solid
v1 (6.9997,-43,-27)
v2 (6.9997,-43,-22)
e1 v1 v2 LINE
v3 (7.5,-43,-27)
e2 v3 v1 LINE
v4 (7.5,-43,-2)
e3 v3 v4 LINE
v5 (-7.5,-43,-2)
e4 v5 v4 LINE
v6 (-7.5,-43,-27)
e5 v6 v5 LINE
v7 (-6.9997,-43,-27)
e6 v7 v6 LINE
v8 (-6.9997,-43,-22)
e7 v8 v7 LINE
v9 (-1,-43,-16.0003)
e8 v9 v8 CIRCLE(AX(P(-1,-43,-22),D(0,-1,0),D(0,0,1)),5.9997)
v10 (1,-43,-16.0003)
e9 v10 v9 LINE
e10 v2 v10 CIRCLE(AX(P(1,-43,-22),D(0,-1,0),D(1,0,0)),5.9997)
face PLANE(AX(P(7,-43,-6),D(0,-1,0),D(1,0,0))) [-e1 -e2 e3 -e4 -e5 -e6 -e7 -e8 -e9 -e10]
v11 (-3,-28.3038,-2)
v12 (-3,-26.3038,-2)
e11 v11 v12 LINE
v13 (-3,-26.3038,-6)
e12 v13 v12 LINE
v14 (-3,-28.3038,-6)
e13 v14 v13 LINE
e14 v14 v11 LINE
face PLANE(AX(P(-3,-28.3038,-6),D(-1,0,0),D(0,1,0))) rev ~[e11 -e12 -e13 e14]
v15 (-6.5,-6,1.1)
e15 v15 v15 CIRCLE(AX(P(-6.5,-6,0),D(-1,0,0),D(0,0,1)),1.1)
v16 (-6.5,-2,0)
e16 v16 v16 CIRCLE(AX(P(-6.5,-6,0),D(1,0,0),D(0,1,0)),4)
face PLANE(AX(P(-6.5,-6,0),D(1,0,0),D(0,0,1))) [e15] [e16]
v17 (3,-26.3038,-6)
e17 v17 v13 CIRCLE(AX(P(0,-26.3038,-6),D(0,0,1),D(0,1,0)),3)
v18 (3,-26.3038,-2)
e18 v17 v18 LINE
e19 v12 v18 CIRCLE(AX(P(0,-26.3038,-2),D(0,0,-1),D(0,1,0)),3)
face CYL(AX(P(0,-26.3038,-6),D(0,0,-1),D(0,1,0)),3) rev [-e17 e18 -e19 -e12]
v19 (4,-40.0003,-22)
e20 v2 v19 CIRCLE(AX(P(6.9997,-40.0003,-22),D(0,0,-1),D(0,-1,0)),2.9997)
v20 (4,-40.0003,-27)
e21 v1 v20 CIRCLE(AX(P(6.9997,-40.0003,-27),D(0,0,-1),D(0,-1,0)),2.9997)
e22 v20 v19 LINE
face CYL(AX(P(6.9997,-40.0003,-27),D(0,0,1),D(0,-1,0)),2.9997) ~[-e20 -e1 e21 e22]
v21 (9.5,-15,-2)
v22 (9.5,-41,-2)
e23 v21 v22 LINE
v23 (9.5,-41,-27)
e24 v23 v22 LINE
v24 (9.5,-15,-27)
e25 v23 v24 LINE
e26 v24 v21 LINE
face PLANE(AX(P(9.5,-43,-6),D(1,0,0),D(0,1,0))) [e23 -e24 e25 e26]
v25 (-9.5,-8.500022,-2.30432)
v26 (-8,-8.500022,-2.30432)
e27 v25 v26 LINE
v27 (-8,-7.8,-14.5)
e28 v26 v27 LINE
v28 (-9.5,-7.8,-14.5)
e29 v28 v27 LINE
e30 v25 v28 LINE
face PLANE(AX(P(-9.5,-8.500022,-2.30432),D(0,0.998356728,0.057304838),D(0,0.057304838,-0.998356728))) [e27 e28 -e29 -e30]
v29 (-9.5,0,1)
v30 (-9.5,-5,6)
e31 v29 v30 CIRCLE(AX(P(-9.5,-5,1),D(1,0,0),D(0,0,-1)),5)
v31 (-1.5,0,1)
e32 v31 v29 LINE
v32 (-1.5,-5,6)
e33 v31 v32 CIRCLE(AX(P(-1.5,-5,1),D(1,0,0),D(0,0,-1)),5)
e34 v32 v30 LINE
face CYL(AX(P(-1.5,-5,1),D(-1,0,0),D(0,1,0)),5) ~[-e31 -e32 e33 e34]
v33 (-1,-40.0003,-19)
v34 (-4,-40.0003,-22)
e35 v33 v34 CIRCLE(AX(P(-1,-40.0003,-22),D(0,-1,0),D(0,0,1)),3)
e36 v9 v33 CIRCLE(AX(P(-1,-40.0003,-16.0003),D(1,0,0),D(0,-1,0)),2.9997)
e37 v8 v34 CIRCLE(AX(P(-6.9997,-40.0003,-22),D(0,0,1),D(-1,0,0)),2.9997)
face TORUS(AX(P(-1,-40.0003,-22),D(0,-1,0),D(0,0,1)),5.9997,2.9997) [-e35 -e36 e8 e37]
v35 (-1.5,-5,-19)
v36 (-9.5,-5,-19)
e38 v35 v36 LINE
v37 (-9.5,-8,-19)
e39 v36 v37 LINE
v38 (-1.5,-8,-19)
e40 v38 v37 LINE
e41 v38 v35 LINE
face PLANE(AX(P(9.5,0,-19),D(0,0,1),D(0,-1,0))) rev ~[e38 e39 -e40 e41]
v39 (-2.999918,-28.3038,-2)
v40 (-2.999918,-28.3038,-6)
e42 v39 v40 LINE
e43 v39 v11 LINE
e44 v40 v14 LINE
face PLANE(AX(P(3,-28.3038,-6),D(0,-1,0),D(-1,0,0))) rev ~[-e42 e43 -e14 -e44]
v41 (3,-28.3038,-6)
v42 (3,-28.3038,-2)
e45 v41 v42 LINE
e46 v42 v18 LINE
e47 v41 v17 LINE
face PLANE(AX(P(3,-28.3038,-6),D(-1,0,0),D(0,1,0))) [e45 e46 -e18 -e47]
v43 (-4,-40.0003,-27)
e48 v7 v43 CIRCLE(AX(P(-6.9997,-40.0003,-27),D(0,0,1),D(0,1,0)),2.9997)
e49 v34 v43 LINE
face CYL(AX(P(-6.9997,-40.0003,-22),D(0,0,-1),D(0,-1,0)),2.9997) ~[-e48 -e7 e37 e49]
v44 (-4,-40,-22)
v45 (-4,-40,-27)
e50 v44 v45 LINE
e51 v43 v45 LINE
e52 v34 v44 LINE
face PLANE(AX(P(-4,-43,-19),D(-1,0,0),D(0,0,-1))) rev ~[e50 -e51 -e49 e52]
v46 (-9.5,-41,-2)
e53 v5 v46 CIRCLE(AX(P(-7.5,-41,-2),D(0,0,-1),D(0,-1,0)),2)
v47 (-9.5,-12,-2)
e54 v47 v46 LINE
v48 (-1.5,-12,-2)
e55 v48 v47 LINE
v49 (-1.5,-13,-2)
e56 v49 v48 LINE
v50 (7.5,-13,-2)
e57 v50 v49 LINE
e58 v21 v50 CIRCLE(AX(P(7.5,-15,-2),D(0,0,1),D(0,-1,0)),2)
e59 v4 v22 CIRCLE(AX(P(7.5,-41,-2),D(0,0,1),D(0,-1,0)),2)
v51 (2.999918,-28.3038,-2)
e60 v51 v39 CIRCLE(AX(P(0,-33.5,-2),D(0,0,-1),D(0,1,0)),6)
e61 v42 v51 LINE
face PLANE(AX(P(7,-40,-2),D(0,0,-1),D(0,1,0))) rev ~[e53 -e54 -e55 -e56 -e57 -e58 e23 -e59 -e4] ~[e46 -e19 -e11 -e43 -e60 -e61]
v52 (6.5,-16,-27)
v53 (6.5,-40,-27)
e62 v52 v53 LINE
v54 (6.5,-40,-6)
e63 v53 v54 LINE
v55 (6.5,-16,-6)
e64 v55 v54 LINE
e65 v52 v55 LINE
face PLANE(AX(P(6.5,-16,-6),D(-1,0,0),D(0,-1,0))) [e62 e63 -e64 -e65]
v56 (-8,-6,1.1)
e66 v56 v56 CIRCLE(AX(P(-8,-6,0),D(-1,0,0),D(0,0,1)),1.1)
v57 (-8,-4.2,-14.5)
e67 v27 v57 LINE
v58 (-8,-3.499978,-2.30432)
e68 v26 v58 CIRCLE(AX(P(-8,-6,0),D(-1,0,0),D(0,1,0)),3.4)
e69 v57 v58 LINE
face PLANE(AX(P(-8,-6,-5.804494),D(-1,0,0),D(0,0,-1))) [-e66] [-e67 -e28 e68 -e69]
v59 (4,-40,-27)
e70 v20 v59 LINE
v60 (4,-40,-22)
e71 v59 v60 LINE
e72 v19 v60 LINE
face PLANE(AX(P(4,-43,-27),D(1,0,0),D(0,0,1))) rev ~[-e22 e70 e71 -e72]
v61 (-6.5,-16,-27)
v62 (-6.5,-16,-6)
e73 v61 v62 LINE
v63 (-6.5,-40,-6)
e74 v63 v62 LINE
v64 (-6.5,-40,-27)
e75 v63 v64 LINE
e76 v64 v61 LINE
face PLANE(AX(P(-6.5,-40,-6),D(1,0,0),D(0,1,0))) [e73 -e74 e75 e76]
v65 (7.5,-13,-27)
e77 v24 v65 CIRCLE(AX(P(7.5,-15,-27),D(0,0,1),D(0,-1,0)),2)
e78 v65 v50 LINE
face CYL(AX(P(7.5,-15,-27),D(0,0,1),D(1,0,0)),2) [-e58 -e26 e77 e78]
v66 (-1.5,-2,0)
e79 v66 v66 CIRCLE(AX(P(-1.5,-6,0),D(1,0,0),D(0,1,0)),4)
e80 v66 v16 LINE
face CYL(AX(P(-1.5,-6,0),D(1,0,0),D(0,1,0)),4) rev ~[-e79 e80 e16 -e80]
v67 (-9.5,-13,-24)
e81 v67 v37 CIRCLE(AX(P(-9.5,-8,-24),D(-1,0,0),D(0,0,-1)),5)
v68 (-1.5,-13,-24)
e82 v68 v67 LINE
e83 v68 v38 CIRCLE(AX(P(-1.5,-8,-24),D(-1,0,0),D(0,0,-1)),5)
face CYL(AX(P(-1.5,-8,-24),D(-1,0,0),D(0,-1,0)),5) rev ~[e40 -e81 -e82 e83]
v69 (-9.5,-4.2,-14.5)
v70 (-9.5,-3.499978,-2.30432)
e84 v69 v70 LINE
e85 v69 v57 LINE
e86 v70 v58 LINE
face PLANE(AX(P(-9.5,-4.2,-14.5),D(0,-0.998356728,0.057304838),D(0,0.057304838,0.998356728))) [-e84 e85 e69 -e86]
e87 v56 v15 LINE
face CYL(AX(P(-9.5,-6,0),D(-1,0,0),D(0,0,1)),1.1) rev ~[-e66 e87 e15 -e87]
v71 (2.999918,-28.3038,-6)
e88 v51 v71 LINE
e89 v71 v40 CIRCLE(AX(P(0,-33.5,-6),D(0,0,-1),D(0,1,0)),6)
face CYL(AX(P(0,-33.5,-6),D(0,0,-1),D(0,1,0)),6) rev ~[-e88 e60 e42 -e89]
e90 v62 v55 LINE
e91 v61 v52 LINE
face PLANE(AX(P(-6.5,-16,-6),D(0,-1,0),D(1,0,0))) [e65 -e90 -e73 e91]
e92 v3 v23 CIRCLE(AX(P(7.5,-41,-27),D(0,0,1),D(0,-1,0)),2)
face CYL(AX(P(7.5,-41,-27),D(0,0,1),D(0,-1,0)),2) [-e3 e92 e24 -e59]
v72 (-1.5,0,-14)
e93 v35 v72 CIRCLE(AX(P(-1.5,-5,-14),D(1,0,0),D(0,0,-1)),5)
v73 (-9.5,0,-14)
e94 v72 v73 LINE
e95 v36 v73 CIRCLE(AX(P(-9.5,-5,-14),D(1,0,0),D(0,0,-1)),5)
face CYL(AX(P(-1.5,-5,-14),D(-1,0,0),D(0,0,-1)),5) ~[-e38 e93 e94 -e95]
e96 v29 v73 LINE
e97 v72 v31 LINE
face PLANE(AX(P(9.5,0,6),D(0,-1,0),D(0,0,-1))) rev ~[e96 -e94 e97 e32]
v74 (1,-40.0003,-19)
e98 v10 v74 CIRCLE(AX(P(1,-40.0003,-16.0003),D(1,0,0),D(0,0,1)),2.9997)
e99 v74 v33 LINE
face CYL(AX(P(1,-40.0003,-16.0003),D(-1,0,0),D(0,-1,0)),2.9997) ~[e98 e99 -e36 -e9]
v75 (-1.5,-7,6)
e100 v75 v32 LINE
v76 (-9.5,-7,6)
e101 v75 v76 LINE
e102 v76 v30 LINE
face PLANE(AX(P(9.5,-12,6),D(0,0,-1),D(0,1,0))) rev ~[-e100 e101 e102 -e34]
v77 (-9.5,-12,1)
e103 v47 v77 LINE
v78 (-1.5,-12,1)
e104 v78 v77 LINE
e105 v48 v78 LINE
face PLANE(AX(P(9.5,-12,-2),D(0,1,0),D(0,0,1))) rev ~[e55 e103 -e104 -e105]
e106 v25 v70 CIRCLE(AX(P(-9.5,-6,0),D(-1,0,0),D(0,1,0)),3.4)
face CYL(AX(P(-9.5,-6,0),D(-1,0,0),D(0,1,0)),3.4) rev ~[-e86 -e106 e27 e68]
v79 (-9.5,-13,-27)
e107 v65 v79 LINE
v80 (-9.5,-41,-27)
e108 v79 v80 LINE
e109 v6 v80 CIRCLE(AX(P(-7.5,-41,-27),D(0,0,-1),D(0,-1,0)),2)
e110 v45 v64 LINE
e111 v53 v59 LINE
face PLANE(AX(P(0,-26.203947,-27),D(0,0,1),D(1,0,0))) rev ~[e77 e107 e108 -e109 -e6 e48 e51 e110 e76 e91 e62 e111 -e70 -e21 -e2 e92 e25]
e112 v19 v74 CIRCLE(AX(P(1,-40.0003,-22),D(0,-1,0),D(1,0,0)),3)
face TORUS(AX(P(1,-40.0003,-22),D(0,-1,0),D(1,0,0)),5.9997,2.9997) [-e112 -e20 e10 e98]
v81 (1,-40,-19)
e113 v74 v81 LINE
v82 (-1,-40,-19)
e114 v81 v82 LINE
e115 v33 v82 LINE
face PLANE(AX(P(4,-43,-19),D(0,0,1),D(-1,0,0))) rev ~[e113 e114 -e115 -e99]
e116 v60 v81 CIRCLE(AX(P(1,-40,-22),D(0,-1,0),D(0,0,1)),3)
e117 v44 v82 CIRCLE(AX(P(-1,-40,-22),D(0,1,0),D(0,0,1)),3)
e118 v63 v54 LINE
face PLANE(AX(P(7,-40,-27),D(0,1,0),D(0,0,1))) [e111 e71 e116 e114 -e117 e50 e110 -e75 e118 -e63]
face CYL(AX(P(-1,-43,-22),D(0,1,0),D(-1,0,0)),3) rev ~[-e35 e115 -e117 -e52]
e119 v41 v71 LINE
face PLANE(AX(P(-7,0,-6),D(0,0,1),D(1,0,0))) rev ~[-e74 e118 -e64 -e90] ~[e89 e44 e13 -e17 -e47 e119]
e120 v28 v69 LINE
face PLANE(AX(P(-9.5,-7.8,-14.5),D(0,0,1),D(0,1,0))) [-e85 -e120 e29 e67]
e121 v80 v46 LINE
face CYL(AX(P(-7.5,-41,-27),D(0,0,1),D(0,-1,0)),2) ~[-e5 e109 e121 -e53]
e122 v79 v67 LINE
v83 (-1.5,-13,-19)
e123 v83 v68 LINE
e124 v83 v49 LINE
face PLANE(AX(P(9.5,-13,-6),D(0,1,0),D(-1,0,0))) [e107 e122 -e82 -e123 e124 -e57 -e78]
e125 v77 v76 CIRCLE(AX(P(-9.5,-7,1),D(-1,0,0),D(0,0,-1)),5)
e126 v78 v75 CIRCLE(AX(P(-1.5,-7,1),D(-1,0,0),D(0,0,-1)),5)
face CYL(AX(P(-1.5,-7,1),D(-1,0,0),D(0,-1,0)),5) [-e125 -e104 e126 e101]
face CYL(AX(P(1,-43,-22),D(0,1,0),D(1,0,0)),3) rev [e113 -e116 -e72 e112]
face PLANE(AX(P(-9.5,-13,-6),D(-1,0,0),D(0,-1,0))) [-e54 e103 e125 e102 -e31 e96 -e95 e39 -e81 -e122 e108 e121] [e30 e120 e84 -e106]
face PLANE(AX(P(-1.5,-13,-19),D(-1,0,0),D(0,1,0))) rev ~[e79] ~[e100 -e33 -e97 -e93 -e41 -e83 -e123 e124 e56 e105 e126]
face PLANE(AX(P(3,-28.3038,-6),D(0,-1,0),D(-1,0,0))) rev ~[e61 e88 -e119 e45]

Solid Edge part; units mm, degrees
sketch "Sketch1" plane through (0, 0, 0) normal (0, -1, 0) x (1, 0, 0)
  line L0 (-7, -6) -> (7, -6)
  line L1 (7, -6) -> (7, 6)
  line L2 (7, 6) -> (-7, 6)
  line L3 (-7, 6) -> (-7, -6)
  dimension "D1" = 12
  dimension "D2" = 14
extrude "Protrusion1" add sketch "Sketch1" along normal blind 40
sketch "Sketch2" plane through (0, -18, -6) normal (0, 0, -1) x (0, 1, 0)
  circle A0 centre (-15.5, 0) radius 6
  dimension "D1" = 12
  dimension "D2" = 6.5
extrude "Cutout1" cut sketch "Sketch2" against normal through all
sketch "Sketch3" plane through (7, -15, 0) normal (1, 0, 0) x (0, 1, 0)
  line L0 (-25, -2) -> (3, -2)
  line L1 (3, -2) -> (3, 6)
  dimension "D1" = 8
  dimension "D2" = 28
extrude "Cutout2" cut sketch "Sketch3" against normal through all material side at (7, -26, -1.95)
sketch "Sketch4" plane through (0, -18, -6) normal (0, 0, -1) x (0, 1, 0)
  line L0 (-10.3038, 3) -> (-8.3038, 3)
  arc A0 (-8.3038, 3) -> (-8.3038, -3) centre (-8.3038, 0) cw
  line L1 (-10.3038, -3) -> (-8.3038, -3)
  line L2 (-10.3038, 3) -> (-10.3038, -3)
  dimension "D1" = 6
  dimension "D2" = 2
extrude "Cutout3" cut sketch "Sketch4" against normal through all
sketch "Sketch5" plane through (7, -20, 0) normal (1, 0, 0) x (0, -1, 0)
  line L0 (20, 2) -> (23, 2)
  line L1 (23, 2) -> (23, 27)
  line L2 (23, 27) -> (20, 27)
  line L3 (20, 27) -> (20, 2)
  dimension "D1" = 3
  dimension "D2" = 25
extrude "Protrusion2" add sketch "Sketch5" against normal up to vertex (14 mm away)
sketch "Sketch6" plane through (0, -23, -6) normal (0, 0, -1) x (0, -1, 0)
  line L0 (17, 6.5) -> (-7, 6.5)
  line L1 (-7, 6.5) -> (-7, -6.5)
  line L2 (-7, -6.5) -> (17, -6.5)
  line L3 (17, -6.5) -> (17, -7)
  line L4 (17, -7) -> (20, -7)
  line L5 (20, -7) -> (20, -9.5)
  line L6 (20, -9.5) -> (-10, -9.5)
  line L7 (-10, -9.5) -> (-10, 9.5)
  line L8 (-10, 9.5) -> (20, 9.5)
  line L9 (20, 9.5) -> (20, 7)
  line L10 (20, 7) -> (17, 7)
  line L11 (17, 7) -> (17, 6.5)
  dimension "D1" = 13
  dimension "D2" = 3
  dimension "D3" = 3
  dimension "D4" = 3
  dimension "D5" = 24
extrude "Protrusion3" add sketch "Sketch6" along normal up to vertex (21 mm away) and the other way up to vertex (4 mm away)
sketch "Sketch7" plane through (0, -43, -14.5) normal (0, -1, 0) x (-1, 0, 0)
  line L0 (-4, 4.5) -> (4, 4.5)
  line L1 (4, 4.5) -> (4, 12.5)
  line L2 (4, 12.5) -> (-4, 12.5)
  line L3 (-4, 12.5) -> (-4, 4.5)
  dimension "D1" = 8
  dimension "D2" = 8
extrude "Cutout4" cut sketch "Sketch7" against normal up to next
fillet "Verrundung_9" radius 3 2 edges at (4, -41.5, -19) (-4, -41.5, -19)
fillet "Verrundung_10" radius 3 5 edges at (0, -43, -19) (-3.1213, -43, -19.8787) (-4, -43, -24.5) (3.1213, -43, -19.8787) (4, -43, -24.5)
sketch "Sketch8" plane through (9.5, -28, -14.5) normal (1, 0, 0) x (0, 1, 0)
  line L0 (15, 12.5) -> (16, 12.5)
  line L1 (16, 12.5) -> (16, 20.5)
  line L2 (16, 20.5) -> (28, 20.5)
  line L3 (28, 20.5) -> (28, -4.5)
  line L4 (28, -4.5) -> (15, -4.5)
  line L5 (15, -4.5) -> (15, 12.5)
  dimension "D1" = 25
extrude "Protrusion4" add sketch "Sketch8" against normal up to vertex (19 mm away)
sketch "Sketch9" plane through (-9.5, -21.5, -10.5) normal (-1, 0, 0) x (0, 1, 0)
  arc A0 (13, -8.1957) -> (18, -8.1957) centre (15.5, -10.5) ccw
  line L0 (17.3, 4) -> (18, -8.1957)
  line L1 (13.7, 4) -> (17.3, 4)
  line L2 (13, -8.1957) -> (13.7, 4)
  dimension "D1" = 3.4
  dimension "D2" = 3.6
  dimension "D3" = 14.5
  dimension "D4" = 6
  dimension "D5" = 5
extrude "Extrusionsausschnitt_13" cut sketch "Sketch9" against normal blind 1.5
sketch "Sketch10" plane through (0, -6.5, -19) normal (0, 0, -1) x (0, 1, 0)
  line L0 (-6.5, 9.5) -> (-6.5, -1.5)
  line L1 (-6.5, -1.5) -> (6.5, -1.5)
  dimension "D1" = 8
extrude "Cutout5" cut sketch "Sketch10" against normal through all material side at (4, -12.95, -19)
sketch "Sketch11" plane through (-9.5, -21.5, -10.5) normal (-1, 0, 0) x (0, 0, 1)
  circle A0 centre (10.5, 15.5) radius 1.1
  dimension "D1" = 2.2
extrude "Cutout6" cut sketch "Sketch11" against normal through all
sketch "Sketch12" plane through (-1.5, -6.5, -6.5) normal (1, 0, 0) x (0, 1, 0)
  circle A0 centre (0.5, 6.5) radius 4
  dimension "D1" = 8
extrude "Extrusionsausschnitt_16" cut sketch "Sketch12" against normal blind 5
fillet "Verrundung_30" radius 2 3 edges at (9.5, -13, -14.5) (9.5, -43, -14.5) (-9.5, -43, -14.5)
fillet "Verrundung_31" radius 5 4 edges at (-5.5, -13, -19) (-5.5, 0, -19) (-5.5, 0, 6) (-5.5, -12, 6)
properties material "Nylon, allgemein"
